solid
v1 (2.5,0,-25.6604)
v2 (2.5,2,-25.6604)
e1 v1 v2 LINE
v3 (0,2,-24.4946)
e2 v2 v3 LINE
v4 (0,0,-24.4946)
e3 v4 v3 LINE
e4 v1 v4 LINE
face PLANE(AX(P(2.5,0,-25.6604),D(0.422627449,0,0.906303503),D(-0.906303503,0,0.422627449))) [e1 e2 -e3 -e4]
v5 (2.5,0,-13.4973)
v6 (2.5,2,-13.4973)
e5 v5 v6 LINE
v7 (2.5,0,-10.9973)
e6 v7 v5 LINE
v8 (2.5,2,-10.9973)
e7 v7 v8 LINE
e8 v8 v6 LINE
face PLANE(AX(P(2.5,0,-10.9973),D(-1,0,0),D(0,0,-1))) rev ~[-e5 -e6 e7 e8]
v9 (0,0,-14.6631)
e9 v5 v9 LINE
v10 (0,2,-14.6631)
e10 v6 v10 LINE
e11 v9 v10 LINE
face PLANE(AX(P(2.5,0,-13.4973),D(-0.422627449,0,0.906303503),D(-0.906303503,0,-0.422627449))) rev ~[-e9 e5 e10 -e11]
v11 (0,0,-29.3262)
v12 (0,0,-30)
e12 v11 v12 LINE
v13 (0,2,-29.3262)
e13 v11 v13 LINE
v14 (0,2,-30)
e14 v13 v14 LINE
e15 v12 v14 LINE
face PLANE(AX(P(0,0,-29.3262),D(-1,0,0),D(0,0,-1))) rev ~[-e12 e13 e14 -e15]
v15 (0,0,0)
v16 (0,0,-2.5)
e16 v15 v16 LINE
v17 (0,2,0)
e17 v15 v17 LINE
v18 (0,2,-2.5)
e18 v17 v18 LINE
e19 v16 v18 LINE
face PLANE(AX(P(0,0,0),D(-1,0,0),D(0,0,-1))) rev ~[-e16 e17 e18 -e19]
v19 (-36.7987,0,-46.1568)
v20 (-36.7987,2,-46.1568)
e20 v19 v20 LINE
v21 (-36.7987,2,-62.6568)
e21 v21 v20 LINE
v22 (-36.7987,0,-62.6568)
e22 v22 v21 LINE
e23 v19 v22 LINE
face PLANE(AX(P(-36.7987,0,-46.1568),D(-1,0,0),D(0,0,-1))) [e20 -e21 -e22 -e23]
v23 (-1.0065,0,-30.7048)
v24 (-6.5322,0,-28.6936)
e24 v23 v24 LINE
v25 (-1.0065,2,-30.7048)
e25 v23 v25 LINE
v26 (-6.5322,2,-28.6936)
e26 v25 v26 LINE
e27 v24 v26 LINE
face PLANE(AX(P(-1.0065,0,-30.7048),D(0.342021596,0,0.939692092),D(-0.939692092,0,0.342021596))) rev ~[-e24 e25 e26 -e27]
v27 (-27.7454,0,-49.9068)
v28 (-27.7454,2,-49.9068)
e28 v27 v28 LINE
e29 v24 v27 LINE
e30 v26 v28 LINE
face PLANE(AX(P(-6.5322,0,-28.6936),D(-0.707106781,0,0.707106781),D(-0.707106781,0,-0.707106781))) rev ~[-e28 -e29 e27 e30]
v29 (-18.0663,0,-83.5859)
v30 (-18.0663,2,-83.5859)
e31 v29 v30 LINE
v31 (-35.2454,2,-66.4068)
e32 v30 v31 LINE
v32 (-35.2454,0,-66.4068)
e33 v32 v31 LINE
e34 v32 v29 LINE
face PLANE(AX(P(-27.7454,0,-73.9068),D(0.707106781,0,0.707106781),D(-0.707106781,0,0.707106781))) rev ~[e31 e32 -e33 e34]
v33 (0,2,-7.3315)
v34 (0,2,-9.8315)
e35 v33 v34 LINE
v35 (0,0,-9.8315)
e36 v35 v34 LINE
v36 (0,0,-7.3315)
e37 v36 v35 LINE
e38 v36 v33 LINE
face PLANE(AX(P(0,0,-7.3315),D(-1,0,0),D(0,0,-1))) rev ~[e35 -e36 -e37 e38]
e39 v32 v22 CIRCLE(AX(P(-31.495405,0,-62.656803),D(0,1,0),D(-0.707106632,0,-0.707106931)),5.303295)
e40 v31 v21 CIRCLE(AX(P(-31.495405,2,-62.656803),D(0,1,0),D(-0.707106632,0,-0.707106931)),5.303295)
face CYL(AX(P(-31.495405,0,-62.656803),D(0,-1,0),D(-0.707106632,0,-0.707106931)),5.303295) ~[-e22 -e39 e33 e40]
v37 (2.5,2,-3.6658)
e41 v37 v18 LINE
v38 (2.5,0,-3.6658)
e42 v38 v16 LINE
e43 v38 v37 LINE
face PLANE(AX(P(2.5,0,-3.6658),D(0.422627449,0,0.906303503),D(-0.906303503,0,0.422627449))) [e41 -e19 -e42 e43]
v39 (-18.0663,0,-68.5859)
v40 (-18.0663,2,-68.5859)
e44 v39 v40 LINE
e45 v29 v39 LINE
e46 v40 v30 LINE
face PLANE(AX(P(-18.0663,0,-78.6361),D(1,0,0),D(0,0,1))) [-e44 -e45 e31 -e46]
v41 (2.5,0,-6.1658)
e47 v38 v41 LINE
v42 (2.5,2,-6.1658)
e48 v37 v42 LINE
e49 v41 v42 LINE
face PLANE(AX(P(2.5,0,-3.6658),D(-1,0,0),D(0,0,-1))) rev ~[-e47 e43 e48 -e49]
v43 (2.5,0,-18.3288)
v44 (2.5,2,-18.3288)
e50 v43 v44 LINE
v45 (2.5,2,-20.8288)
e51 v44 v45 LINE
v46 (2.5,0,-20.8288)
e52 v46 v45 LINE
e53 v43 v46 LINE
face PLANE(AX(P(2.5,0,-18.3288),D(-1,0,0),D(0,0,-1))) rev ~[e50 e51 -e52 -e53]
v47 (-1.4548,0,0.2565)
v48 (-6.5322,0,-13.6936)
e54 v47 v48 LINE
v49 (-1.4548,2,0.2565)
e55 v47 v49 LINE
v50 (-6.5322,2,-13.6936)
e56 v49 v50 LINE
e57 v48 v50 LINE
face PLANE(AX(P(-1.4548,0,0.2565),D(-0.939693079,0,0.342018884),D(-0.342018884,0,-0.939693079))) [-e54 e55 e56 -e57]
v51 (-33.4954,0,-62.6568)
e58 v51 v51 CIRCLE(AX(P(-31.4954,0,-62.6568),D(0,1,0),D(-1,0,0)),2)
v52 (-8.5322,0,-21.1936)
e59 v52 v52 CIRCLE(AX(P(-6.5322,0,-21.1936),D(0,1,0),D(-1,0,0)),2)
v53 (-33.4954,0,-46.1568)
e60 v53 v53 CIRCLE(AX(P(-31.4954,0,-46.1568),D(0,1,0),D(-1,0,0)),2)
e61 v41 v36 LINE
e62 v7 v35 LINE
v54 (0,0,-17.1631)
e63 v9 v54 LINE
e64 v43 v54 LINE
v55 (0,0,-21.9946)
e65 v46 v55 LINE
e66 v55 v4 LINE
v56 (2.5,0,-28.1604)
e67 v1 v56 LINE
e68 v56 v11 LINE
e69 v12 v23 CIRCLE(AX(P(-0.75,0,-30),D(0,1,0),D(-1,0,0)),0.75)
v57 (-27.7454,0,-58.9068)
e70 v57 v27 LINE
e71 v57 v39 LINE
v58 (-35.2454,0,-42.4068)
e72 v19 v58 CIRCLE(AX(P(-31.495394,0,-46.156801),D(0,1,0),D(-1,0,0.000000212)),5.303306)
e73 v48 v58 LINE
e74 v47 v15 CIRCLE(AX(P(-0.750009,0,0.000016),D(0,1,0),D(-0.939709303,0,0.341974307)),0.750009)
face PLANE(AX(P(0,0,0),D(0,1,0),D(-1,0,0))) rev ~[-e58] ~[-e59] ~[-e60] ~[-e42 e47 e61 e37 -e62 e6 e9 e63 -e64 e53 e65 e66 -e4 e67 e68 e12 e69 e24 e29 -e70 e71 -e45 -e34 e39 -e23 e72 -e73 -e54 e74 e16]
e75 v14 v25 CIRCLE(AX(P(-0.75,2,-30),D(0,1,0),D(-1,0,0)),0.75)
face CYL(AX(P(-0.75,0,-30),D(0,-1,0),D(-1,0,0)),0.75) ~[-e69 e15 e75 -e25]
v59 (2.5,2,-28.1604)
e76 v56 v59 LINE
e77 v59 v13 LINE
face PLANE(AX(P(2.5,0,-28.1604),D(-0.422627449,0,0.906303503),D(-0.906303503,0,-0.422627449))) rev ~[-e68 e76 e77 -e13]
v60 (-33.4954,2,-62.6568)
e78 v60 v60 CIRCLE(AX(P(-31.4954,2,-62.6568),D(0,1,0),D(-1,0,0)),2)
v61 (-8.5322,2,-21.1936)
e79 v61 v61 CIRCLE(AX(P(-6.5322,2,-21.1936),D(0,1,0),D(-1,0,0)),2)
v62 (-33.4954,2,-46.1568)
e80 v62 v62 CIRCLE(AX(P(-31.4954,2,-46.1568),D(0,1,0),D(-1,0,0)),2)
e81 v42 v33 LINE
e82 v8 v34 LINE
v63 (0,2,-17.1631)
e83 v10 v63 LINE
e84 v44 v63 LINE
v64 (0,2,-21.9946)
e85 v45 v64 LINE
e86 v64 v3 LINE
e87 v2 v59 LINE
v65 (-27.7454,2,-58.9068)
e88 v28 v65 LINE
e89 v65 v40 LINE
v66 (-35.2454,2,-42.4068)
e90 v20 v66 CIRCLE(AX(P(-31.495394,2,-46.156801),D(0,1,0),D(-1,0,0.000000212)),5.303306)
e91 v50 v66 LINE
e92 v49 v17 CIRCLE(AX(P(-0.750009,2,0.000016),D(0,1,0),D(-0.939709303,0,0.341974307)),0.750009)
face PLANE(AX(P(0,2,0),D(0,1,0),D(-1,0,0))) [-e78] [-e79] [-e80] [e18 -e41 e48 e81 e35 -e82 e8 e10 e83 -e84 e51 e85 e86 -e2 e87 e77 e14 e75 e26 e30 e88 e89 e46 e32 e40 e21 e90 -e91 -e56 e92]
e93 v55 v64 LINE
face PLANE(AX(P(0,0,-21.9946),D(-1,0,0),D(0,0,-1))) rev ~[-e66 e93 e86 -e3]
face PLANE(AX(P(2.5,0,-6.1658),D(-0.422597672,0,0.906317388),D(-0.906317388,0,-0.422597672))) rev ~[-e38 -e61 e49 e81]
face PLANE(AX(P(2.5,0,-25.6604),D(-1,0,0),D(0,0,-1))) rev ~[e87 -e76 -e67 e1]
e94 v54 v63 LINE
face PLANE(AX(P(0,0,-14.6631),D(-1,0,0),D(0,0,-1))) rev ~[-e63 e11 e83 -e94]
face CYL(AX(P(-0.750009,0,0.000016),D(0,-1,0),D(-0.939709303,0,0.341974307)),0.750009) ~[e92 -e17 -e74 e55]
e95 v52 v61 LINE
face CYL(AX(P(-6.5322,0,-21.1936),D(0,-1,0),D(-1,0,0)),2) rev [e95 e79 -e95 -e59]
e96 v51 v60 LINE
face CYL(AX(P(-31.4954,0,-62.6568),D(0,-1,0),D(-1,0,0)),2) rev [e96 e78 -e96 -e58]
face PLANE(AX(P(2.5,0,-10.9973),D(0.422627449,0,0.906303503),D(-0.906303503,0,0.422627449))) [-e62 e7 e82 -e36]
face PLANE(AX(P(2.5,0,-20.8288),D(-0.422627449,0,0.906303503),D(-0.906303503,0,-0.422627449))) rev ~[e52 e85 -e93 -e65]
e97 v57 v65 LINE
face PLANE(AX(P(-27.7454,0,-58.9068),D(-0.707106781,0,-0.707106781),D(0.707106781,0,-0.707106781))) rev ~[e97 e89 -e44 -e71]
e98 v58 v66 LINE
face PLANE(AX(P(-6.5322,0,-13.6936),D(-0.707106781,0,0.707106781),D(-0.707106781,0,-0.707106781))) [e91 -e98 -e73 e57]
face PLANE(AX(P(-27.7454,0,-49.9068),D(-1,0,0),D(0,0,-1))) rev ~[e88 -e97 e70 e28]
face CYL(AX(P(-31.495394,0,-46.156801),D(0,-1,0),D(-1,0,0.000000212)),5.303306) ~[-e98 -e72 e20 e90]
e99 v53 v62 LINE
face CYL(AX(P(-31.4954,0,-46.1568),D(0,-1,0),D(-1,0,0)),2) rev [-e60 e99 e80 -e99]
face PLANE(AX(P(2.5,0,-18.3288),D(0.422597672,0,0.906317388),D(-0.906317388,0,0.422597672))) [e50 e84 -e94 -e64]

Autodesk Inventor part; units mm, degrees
ref_plane "YZ Plane" through (0, 0, 0) normal (1, 0, 0) x (0, 1, 0)
ref_plane "XZ Plane" through (0, 0, 0) normal (0, 1, 0) x (-1, 0, 0)
ref_plane "XY Plane" through (0, 0, 0) normal (0, 0, 1) x (1, 0, 0)
sketch "Sketch1" plane through (0, 0, 0) normal (0, 1, 0) x (-1, 0, 0)
  line L0 (0, 0) -> (0, -30)
  line L1 (0, 0) -> (0.75, 0) construction
  arc A0 (1.4548, 0.2565) -> (0, 0) centre (0.75, 0) ccw
  line L2 (1.4548, 0.2565) -> (6.5322, -13.6936)
  line L3 (0, -30) -> (0.75, -30) construction
  circle A1 centre (0.75, -30) radius 0.75
  line L4 (1.0065, -30.7048) -> (6.5322, -28.6936)
  line L5 (6.5322, -13.6936) -> (6.5322, -28.6936) construction
  line L6 (6.5322, -13.6936) -> (35.2454, -42.4068)
  line L7 (6.5322, -13.6936) -> (66.5322, -13.6936) construction
  line L8 (6.5322, -28.6936) -> (27.7454, -49.9068)
  line L9 (6.5322, -28.6936) -> (36.5322, -28.6936) construction
  line L10 (27.7454, -49.9068) -> (27.7454, -58.9068)
  line L11 (27.7454, -58.9068) -> (6.5322, -80.12)
  line L12 (27.7454, -58.9068) -> (57.7454, -58.9068) construction
  line L13 (35.2454, -42.4068) -> (27.7454, -49.9068) construction
  arc A2 (36.7987, -46.1568) -> (35.2454, -42.4068) centre (31.4954, -46.1568) ccw
  line L14 (36.7987, -46.1568) -> (36.7987, -62.6568)
  line L15 (27.7454, -58.9068) -> (27.7454, -73.9068) construction
  line L16 (27.7454, -73.9068) -> (16.5322, -85.12)
  line L17 (27.7454, -73.9068) -> (35.2454, -66.4068)
  line L18 (27.7454, -58.9068) -> (35.2454, -66.4068) construction
  arc A3 (35.2454, -66.4068) -> (36.7987, -62.6568) centre (31.4954, -62.6568) ccw
  line L19 (6.5322, -80.12) -> (16.5322, -80.12) construction
  line L20 (16.5322, -80.12) -> (16.5322, -85.12) construction
  line L21 (16.5322, -110.12) -> (6.5322, -110.12)
  line L22 (6.5322, -110.12) -> (6.5322, -80.12)
  line L23 (16.5322, -85.12) -> (16.5322, -110.12)
  circle A4 centre (11.5322, -87.62) radius 2
  circle A5 centre (11.5322, -102.62) radius 2
  line L24 (0, -3.6658) -> (-2.5, -3.6658)
  line L25 (-2.5, -3.6658) -> (-2.5, -6.1658)
  line L26 (-2.5, -6.1658) -> (0, -6.1658)
  line L27 (0, -6.1658) -> (0, -3.6658)
  line L28 (-2.5, -3.6658) -> (0, -2.5)
  line L29 (-2.5, -6.1658) -> (0, -7.3315)
  line L30 (0, -10.9973) -> (-2.5, -10.9973)
  line L31 (-2.5, -10.9973) -> (-2.5, -13.4973)
  line L32 (-2.5, -13.4973) -> (0, -13.4973)
  line L33 (-2.5, -10.9973) -> (0, -9.8315)
  line L34 (-2.5, -13.4973) -> (0, -14.6631)
  line L35 (-2.5, -18.3288) -> (-2.5, -20.8288)
  line L36 (-2.5, -20.8288) -> (0, -21.9946)
  line L37 (-2.5, -20.8288) -> (0, -20.8288)
  line L38 (0, -18.3288) -> (-2.5, -18.3288)
  line L39 (-2.5, -18.3288) -> (0, -17.1631)
  line L40 (-2.5, -25.6604) -> (0, -24.4946)
  line L41 (0, -25.6604) -> (-2.5, -25.6604)
  line L42 (-2.5, -25.6604) -> (-2.5, -28.1604)
  line L43 (-2.5, -28.1604) -> (0, -28.1604)
  line L44 (-2.5, -28.1604) -> (0, -29.3262)
  circle A6 centre (6.5322, -21.1936) radius 2
  circle A7 centre (31.4954, -46.1568) radius 2
  circle A8 centre (31.4954, -62.6568) radius 2
  line L45 (18.0663, -78.6361) -> (18.0663, -68.0295) projected
  line L46 (20.5412, -81.111) -> (18.0663, -78.6361) projected
  line L47 (38.2189, -63.4333) -> (20.5412, -81.111) projected
  line L48 (38.2189, -63.4333) -> (30.4407, -55.6551) projected
  line L49 (18.0663, -68.0295) -> (30.4407, -55.6551) projected
  line L50 (18.0663, -78.6361) -> (18.0663, -83.5859)
  point P0 (18.0663, -68.5859)
  dimension "d2" = 30
  dimension "d17" = 0.75
  dimension "d18" = 20
  dimension "d19" = 0.75
  dimension "d20" = 70
  dimension "d21" = 15
  dimension "d28" = 45
  dimension "d29" = 30
  dimension "d30" = 45
  dimension "d31" = 9
  dimension "d34" = 135
  dimension "d35" = 15
  dimension "d36" = 135
  dimension "d38" = 10
  dimension "d39" = 30
  dimension "d40" = 30
  dimension "d41" = 7.5
  dimension "d42" = 5
  dimension "d43" = 7.5
  dimension "d44" = 5
  dimension "d45" = 4
  dimension "d46" = 4
  dimension "d47" = 2.5
  dimension "d48" = 2.5
  dimension "d49" = 25
  dimension "d50" = 25
  dimension "d51" = 2.5
  dimension "d52" = 2.5
  dimension "d53" = 2.5
  dimension "d54" = 25
  dimension "d55" = 25
  dimension "d56" = 2.5
  dimension "d57" = 2.5
  dimension "d58" = 2.5
  dimension "d59" = 25
  dimension "d60" = 25
  dimension "d61" = 2.5
  dimension "d62" = 2.5
  dimension "d63" = 2.5
  dimension "d64" = 25
  dimension "d65" = 25
  dimension "d66" = 2.5
  dimension "d69" = 4
  dimension "d70" = 4
  dimension "d71" = 4
extrude "Extrusion2" add sketch "Sketch1" along normal blind 2 contours A0 L2 L6 A2 L14 L48 L49 L10 L8 L4 A1 L0 | L0 L24 L28 | L0 L26 L25 L24 | L0 L29 L26 | L0 L30 L33 | L14 A3 L17 L16 L46 L45 L11 L10 L49 L48 | L0 L32 L31 L30 | L0 L34 L32 | L0 L38 L39 | L16 L50 L46 | L0 L37 L35 L38 | A1 | L0 L36 L37 | L44 L43 L0 | L0 L41 L40 | L43 L42 L41 L0
properties part number "claw_dynamic_gripper"
